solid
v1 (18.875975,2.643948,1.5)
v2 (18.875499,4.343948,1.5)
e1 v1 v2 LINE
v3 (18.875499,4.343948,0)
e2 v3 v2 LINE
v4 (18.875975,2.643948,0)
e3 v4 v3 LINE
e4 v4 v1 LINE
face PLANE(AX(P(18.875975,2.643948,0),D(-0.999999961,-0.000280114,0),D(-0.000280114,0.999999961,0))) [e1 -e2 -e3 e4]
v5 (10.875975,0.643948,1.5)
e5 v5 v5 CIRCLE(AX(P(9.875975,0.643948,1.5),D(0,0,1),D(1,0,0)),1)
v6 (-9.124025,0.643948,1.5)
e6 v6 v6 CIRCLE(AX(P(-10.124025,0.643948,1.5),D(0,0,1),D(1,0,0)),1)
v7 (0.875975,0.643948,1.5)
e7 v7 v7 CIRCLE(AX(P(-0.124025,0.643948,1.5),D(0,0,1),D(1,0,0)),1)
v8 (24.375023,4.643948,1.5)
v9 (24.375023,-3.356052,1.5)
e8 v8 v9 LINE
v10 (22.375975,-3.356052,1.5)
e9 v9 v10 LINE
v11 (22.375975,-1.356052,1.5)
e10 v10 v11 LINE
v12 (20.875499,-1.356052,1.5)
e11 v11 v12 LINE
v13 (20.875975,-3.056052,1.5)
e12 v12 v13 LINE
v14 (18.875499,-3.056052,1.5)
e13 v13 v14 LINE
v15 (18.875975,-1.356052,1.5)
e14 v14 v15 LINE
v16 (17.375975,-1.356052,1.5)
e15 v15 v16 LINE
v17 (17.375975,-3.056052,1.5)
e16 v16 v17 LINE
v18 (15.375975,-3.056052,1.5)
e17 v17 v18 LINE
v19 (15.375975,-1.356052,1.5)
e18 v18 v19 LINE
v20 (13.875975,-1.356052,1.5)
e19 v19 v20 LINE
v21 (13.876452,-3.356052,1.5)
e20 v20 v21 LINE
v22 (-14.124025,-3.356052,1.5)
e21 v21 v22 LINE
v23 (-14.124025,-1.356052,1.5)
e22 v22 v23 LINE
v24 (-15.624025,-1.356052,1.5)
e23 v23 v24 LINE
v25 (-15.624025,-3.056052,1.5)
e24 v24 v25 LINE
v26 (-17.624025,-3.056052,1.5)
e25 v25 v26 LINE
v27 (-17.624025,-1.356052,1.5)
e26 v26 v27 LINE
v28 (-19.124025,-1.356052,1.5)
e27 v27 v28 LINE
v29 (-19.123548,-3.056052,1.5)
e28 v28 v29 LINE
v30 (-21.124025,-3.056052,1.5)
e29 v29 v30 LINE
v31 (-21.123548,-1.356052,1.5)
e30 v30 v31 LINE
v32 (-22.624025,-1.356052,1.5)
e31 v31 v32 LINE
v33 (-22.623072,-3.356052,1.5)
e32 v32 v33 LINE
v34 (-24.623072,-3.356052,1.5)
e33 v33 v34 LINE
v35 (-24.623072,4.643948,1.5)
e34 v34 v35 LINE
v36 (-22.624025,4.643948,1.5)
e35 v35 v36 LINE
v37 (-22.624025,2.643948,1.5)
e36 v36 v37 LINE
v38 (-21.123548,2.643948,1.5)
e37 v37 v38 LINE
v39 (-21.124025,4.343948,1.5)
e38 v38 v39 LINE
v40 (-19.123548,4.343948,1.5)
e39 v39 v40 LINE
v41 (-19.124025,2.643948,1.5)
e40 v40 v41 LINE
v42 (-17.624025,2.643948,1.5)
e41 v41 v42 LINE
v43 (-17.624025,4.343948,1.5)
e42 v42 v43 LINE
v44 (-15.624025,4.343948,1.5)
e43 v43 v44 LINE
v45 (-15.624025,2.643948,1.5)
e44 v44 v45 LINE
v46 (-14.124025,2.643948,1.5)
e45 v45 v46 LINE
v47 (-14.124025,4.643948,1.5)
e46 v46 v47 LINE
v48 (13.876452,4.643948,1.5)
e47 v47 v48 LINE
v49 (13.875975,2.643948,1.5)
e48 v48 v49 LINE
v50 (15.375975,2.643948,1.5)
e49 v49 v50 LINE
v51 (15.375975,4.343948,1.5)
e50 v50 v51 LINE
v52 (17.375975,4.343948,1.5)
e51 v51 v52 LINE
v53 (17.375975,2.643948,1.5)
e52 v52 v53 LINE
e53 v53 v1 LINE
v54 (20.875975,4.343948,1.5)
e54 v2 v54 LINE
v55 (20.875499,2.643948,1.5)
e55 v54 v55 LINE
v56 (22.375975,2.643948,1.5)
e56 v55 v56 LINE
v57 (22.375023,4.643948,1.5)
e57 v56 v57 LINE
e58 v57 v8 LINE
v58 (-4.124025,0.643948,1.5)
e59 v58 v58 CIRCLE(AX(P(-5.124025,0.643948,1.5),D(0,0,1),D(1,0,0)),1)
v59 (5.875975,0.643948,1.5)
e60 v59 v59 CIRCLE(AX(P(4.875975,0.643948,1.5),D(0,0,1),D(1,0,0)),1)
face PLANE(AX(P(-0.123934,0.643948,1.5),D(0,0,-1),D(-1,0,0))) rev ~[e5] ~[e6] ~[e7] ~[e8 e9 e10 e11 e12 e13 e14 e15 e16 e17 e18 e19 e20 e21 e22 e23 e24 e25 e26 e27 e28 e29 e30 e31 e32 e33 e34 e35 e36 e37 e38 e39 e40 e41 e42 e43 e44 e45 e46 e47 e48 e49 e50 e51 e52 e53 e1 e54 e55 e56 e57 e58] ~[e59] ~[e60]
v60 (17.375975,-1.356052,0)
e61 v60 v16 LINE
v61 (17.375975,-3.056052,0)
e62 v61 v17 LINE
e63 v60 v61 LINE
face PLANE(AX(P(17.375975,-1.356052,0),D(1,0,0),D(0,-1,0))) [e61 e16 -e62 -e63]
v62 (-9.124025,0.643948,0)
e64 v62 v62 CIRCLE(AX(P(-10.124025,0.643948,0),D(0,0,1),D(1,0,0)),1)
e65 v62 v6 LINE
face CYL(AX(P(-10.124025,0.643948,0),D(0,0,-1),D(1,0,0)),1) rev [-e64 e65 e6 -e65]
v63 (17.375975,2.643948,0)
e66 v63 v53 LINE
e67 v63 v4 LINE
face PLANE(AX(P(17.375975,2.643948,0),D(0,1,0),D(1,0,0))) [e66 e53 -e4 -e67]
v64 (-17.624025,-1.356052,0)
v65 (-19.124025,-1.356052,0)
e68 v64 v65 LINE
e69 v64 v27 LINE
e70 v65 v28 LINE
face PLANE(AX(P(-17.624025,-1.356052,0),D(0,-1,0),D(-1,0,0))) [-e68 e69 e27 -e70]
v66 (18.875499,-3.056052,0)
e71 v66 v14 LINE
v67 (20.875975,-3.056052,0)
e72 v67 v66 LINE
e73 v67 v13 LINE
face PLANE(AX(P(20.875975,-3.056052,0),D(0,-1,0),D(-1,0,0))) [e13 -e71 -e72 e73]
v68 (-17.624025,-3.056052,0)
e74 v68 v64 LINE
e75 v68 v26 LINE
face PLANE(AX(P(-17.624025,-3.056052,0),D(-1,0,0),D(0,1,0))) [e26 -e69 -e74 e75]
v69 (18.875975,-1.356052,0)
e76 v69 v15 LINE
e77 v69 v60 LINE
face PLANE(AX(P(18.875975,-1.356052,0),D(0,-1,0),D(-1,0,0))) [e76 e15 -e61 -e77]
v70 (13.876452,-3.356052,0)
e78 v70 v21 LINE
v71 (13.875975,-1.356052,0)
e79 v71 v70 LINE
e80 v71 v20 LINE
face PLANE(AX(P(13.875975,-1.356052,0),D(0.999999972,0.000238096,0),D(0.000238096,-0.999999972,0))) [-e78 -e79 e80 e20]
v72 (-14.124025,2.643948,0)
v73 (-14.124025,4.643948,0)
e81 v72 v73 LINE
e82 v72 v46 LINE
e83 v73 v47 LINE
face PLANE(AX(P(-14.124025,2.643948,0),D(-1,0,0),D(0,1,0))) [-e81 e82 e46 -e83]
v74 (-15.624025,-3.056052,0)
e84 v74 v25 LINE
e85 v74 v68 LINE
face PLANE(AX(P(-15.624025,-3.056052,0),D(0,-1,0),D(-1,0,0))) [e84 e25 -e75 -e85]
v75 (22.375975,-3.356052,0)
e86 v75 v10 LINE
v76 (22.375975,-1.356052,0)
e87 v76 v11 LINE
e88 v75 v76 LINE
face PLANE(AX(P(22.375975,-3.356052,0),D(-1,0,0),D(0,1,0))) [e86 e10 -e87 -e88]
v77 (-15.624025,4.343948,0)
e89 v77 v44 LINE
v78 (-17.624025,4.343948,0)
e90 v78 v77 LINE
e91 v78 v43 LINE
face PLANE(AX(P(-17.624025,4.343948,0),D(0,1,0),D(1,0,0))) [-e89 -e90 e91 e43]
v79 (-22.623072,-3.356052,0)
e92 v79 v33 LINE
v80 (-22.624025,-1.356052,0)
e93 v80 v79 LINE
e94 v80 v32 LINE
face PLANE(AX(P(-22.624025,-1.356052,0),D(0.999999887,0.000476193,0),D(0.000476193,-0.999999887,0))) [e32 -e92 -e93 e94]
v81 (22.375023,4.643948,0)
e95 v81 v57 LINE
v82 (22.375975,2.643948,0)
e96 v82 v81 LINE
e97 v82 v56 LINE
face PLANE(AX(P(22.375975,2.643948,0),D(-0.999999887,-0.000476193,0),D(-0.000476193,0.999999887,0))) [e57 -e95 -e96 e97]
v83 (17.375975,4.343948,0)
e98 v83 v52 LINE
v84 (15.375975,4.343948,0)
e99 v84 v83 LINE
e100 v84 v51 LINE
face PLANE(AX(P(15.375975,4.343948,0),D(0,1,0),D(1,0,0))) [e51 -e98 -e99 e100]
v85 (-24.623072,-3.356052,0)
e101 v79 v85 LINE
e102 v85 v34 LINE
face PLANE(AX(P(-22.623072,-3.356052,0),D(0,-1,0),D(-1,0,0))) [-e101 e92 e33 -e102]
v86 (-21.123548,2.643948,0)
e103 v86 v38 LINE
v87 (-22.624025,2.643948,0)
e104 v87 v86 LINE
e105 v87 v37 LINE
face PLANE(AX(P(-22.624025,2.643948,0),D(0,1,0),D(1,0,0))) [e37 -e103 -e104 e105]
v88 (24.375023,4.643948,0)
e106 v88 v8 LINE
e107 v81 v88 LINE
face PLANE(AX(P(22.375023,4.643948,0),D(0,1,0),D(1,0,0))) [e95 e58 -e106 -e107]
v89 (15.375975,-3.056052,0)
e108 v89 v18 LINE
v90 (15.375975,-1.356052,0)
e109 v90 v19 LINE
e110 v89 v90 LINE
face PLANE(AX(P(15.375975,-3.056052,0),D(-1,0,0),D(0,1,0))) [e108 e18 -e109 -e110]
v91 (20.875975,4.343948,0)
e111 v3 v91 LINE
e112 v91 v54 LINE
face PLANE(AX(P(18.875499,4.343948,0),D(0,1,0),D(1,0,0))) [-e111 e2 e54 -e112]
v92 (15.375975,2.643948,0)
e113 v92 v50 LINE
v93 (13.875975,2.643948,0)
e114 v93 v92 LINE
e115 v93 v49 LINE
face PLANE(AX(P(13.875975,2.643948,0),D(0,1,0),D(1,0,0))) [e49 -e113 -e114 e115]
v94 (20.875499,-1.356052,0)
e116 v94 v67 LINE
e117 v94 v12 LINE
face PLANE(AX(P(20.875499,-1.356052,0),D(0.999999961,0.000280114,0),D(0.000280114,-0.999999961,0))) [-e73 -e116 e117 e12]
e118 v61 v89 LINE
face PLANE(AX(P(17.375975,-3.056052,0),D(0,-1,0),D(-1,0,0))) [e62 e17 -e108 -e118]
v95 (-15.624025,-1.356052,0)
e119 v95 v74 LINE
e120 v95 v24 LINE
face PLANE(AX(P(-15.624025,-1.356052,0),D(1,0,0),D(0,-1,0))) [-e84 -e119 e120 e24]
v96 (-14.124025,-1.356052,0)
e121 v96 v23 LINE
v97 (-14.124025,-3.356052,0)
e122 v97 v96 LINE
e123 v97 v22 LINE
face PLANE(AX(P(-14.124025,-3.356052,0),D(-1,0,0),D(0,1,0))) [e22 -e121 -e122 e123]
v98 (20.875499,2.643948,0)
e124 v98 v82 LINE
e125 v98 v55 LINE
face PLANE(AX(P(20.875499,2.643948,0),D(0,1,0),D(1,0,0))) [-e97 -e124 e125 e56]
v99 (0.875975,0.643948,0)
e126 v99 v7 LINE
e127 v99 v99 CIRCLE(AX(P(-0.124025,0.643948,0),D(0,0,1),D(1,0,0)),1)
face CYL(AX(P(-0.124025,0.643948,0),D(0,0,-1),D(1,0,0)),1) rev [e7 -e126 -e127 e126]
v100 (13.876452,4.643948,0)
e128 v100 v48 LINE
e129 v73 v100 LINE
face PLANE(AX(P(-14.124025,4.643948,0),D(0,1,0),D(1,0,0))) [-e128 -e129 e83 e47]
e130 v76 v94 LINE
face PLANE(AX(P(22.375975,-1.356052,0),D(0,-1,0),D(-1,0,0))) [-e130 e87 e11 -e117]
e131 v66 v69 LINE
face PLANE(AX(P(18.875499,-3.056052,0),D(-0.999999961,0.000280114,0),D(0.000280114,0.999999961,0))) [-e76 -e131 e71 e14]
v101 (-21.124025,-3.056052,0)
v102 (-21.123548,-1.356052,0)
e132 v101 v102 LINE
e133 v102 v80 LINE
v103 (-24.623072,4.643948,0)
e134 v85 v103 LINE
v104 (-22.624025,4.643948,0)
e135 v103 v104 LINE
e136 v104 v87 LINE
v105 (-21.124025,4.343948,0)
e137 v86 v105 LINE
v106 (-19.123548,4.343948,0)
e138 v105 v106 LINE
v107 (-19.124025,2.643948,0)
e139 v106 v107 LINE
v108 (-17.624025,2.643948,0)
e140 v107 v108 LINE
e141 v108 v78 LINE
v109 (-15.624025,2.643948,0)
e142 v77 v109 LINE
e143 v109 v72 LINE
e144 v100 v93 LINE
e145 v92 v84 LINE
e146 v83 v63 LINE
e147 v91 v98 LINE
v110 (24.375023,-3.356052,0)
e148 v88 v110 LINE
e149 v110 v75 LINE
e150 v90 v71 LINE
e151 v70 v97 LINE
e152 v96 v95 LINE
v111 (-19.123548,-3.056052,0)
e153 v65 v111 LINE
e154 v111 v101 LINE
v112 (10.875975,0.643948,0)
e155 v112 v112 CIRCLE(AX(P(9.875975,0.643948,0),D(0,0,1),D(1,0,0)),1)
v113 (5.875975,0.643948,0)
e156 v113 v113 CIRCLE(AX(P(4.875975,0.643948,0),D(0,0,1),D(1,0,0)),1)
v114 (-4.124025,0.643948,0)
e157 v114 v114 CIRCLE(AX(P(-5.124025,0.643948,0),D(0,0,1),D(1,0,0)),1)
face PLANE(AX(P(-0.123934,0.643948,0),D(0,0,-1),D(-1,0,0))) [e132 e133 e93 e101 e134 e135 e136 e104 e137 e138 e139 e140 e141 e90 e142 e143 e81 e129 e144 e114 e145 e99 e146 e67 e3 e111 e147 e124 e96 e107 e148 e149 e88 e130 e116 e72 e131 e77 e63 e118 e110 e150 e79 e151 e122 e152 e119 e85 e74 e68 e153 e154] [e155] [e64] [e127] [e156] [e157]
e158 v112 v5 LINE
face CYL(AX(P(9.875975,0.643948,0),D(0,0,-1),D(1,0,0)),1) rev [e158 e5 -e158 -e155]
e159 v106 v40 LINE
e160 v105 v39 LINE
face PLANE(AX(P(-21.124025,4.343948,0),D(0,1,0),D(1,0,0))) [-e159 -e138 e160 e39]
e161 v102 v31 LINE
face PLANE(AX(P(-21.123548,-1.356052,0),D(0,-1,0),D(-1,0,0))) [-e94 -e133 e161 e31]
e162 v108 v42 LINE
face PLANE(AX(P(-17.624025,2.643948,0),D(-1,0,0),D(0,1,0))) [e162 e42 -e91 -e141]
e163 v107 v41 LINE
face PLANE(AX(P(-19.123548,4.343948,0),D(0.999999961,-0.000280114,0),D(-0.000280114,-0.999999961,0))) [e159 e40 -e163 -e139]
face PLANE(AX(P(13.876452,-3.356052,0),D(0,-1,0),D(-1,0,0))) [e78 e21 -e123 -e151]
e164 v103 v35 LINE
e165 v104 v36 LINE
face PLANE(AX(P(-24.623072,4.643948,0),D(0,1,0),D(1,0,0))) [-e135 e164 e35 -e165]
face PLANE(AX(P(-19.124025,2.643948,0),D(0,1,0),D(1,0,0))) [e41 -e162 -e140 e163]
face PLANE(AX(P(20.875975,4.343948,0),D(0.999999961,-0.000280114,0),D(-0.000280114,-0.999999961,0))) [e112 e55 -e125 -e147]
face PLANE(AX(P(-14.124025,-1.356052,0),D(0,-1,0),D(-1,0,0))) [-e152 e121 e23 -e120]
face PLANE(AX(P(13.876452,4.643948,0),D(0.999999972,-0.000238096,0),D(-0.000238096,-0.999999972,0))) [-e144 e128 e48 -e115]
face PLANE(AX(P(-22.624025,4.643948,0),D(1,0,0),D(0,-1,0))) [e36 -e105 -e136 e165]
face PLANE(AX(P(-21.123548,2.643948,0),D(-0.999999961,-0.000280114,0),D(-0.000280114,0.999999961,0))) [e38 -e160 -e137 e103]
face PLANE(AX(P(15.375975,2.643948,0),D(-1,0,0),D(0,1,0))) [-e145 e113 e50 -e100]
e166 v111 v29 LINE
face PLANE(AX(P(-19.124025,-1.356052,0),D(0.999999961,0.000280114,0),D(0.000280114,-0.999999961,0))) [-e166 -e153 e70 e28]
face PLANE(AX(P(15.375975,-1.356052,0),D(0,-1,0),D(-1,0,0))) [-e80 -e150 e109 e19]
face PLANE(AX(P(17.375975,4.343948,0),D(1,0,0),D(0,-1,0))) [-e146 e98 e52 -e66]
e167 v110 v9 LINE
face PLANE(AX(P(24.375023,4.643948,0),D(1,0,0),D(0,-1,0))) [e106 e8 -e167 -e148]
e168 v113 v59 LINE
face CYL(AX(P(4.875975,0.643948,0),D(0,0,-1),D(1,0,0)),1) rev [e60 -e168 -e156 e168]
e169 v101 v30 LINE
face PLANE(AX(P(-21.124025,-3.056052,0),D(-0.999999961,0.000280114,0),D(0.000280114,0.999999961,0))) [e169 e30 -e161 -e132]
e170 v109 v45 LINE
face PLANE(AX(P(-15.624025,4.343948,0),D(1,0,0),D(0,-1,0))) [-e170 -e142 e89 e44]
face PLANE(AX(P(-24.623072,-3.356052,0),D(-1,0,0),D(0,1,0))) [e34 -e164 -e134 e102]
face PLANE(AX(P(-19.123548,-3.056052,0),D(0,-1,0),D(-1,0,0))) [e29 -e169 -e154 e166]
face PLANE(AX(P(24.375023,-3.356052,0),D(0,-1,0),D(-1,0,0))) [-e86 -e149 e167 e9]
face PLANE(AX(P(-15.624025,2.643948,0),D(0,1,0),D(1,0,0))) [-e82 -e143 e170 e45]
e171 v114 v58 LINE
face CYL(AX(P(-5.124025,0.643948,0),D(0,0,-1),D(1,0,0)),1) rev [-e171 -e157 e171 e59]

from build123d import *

# Parameters (mm, degrees)
SKETCH_1_R      = 1
EXTRUDE_1_DEPTH = 1.5


with BuildPart() as part:
    # 草图1 → 凸台-拉伸1 (new body)
    with BuildSketch(Plane.XY):
        Polygon((-14.124024572, 4.643948243), (13.876451621, 4.643948243), (13.875975428, 2.643948243), (15.375975428, 2.643948243), (15.375975428, 4.343948243), (17.375975428, 4.343948243), (17.375975428, 2.643948243), (18.875975428, 2.643948243), (18.875499235, 4.343948243), (20.875975428, 4.343948243), (20.875499235, 2.643948243), (22.375975428, 2.643948243), (22.375023042, 4.643948243), (24.375023042, 4.643948243), (24.375023042, -3.356051757), (22.375975428, -3.356051757), (22.375975428, -1.356051757), (20.875499235, -1.356051757), (20.875975428, -3.056051757), (18.875499235, -3.056051757), (18.875975428, -1.356051757), (17.375975428, -1.356051757), (17.375975428, -3.056051757), (15.375975428, -3.056051757), (15.375975428, -1.356051757), (13.875975428, -1.356051757), (13.876451621, -3.356051757), (-14.124024572, -3.356051757), (-14.124024572, -1.356051757), (-15.624024572, -1.356051757), (-15.624024572, -3.056051757), (-17.624024572, -3.056051757), (-17.624024572, -1.356051757), (-19.124024572, -1.356051757), (-19.123548379, -3.056051757), (-21.124024572, -3.056051757), (-21.123548379, -1.356051757), (-22.624024572, -1.356051757), (-22.623072186, -3.356051757), (-24.623072186, -3.356051757), (-24.623072186, 4.643948243), (-22.624024572, 4.643948243), (-22.624024572, 2.643948243), (-21.123548379, 2.643948243), (-21.124024572, 4.343948243), (-19.123548379, 4.343948243), (-19.124024572, 2.643948243), (-17.624024572, 2.643948243), (-17.624024572, 4.343948243), (-15.624024572, 4.343948243), (-15.624024572, 2.643948243), (-14.124024572, 2.643948243), align=None)
        with Locations((-0.124024572, 0.643948243)):
            Circle(SKETCH_1_R, mode=Mode.SUBTRACT)
        with Locations((4.875975428, 0.643948243)):
            Circle(SKETCH_1_R, mode=Mode.SUBTRACT)
        with Locations((9.875975428, 0.643948243)):
            Circle(SKETCH_1_R, mode=Mode.SUBTRACT)
        with Locations((-5.124024572, 0.643948243)):
            Circle(SKETCH_1_R, mode=Mode.SUBTRACT)
        with Locations((-10.124024572, 0.643948243)):
            Circle(SKETCH_1_R, mode=Mode.SUBTRACT)
    extrude(amount=EXTRUDE_1_DEPTH)


solid = part.part
